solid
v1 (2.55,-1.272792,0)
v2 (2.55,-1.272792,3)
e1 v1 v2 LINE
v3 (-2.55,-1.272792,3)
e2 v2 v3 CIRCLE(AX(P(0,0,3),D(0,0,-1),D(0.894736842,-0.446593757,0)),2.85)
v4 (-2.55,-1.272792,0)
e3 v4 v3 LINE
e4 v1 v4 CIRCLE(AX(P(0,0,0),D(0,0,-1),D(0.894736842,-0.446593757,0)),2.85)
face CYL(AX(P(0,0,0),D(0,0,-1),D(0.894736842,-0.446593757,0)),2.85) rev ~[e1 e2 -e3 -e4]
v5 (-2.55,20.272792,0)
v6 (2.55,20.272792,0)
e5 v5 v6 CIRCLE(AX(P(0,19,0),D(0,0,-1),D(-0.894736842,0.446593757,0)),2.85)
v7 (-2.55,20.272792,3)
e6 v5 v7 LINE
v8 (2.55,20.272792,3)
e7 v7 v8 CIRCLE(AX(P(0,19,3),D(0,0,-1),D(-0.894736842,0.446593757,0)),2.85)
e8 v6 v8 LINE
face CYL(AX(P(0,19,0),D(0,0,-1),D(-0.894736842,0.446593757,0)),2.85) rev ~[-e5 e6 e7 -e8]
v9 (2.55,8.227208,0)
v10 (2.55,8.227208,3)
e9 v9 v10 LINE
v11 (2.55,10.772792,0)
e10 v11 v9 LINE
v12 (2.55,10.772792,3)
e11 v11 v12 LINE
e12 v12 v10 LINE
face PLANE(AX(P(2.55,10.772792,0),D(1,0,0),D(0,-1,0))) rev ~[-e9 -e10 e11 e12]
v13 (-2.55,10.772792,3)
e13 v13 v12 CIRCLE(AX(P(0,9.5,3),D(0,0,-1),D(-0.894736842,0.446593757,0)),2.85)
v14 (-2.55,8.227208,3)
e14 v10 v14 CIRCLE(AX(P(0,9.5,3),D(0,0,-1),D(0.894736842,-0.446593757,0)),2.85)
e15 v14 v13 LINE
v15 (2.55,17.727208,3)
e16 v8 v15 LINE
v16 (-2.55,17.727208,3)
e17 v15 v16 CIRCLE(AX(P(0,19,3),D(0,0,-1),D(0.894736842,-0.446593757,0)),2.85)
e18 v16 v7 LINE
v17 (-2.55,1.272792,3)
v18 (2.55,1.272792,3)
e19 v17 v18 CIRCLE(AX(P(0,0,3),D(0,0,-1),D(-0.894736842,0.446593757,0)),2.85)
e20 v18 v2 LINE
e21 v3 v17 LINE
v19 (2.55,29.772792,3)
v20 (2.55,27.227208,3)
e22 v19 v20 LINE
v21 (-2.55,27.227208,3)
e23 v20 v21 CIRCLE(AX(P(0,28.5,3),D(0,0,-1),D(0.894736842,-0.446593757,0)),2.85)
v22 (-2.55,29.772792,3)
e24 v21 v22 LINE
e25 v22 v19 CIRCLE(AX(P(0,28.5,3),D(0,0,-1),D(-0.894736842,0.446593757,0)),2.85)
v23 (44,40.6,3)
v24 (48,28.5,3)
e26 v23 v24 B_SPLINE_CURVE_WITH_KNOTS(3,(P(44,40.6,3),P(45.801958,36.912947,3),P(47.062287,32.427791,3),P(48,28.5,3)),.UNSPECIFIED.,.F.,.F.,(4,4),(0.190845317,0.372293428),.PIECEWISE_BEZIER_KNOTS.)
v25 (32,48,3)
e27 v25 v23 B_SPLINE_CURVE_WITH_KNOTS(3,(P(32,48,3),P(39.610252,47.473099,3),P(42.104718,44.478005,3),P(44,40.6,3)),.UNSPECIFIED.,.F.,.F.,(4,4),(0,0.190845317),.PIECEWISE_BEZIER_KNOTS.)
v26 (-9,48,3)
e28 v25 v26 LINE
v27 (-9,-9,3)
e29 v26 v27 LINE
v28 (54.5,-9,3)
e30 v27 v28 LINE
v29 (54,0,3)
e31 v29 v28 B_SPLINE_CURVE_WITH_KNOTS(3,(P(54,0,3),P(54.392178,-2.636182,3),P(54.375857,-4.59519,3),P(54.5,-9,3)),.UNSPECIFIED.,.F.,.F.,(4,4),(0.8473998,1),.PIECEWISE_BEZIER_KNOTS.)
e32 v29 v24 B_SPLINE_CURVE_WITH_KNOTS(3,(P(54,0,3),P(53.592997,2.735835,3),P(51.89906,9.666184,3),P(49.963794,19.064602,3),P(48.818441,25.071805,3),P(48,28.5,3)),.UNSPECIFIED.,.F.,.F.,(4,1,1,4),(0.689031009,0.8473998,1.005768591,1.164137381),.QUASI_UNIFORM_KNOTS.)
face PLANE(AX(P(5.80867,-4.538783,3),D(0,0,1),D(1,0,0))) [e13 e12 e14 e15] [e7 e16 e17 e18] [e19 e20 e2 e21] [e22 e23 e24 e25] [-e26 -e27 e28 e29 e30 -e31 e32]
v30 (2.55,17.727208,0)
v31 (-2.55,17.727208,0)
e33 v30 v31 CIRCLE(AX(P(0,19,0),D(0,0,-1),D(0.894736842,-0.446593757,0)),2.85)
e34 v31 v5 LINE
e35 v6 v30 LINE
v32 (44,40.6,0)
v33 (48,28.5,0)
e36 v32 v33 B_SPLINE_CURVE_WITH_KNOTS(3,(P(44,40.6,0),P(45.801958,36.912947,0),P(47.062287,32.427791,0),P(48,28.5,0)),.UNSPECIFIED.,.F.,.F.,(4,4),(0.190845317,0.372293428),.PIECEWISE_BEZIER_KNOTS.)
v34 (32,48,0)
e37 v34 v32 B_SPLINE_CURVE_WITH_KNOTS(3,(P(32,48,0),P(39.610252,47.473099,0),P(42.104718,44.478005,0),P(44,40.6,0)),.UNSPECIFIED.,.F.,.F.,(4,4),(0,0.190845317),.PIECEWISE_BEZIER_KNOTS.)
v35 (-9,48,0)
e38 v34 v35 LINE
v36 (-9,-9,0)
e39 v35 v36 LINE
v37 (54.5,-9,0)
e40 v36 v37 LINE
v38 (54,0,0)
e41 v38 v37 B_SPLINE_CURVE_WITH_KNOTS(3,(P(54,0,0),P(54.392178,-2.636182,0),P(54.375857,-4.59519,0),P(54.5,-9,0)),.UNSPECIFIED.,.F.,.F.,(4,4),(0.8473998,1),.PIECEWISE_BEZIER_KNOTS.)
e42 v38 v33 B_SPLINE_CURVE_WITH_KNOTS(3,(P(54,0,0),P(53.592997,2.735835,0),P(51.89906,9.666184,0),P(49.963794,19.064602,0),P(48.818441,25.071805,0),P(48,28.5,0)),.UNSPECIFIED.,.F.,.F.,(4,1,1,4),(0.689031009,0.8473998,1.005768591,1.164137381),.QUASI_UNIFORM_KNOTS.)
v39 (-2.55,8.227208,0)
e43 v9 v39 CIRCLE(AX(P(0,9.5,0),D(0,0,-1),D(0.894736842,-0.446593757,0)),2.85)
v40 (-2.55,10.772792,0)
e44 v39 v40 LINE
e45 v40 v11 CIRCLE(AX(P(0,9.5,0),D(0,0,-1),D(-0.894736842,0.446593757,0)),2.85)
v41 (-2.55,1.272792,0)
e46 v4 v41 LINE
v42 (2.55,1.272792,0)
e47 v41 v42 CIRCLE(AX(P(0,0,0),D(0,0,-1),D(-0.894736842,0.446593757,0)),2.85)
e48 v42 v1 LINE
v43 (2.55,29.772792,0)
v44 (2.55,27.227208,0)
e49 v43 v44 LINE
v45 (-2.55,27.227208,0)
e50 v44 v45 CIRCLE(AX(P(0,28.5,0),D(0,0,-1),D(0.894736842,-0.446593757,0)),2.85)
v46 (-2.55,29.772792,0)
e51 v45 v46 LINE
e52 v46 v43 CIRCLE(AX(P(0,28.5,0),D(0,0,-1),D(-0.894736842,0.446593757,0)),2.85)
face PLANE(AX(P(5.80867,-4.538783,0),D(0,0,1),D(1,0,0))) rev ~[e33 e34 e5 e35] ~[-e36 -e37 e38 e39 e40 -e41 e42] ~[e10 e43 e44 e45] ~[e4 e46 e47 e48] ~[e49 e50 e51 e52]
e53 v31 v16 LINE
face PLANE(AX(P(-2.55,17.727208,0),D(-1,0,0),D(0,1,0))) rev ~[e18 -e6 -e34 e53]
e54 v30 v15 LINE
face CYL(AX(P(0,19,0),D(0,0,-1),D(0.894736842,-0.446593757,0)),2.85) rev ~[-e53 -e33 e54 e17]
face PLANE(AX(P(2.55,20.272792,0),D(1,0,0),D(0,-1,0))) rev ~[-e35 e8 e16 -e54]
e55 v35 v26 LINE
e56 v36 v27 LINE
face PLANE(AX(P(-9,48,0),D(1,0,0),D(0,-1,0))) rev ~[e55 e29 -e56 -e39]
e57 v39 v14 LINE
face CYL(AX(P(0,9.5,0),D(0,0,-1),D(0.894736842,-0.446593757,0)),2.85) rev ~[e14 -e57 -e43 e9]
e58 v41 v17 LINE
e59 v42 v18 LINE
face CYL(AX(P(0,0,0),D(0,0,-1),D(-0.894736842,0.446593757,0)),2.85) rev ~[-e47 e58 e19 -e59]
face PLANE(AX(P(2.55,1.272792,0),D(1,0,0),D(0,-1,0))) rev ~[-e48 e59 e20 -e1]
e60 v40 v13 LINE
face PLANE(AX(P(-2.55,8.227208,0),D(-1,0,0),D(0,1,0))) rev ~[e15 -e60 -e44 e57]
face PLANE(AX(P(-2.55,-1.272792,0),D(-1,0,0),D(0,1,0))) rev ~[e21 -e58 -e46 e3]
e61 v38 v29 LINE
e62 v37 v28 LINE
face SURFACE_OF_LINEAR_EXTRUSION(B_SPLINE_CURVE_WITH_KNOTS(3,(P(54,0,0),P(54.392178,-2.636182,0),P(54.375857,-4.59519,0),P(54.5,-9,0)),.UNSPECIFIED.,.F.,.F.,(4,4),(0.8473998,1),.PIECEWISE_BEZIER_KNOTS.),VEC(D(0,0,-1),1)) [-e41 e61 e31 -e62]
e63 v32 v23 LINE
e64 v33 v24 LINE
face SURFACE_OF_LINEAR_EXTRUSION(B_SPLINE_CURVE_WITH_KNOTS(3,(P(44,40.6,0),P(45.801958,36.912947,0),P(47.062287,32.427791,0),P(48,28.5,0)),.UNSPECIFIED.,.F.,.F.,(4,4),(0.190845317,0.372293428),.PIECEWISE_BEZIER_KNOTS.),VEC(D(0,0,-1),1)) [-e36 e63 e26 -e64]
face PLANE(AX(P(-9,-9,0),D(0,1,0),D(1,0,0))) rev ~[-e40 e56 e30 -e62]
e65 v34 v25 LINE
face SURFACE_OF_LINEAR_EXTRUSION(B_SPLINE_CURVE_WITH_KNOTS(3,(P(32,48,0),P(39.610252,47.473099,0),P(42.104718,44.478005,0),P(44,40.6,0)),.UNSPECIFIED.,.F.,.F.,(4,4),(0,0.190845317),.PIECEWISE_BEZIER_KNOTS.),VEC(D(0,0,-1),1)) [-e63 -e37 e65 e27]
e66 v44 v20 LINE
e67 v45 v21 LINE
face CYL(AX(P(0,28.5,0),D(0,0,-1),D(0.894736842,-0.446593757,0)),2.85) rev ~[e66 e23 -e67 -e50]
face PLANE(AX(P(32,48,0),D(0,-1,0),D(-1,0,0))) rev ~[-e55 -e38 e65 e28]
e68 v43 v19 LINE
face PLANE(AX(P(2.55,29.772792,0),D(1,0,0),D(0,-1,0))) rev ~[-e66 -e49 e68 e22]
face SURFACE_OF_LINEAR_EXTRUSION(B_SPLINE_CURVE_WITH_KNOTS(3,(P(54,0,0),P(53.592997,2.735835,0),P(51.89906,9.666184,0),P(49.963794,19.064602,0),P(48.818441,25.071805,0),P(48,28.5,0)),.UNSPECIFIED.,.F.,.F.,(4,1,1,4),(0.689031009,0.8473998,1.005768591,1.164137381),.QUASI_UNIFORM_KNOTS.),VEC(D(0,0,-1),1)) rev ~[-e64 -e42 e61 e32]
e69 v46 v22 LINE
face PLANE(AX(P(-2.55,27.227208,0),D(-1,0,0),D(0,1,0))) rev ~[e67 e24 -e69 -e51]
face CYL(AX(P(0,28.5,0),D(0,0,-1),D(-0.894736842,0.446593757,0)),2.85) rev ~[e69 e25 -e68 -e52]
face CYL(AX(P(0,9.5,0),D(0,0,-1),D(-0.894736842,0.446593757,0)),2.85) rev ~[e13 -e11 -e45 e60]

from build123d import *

# Parameters (mm, degrees)
F0_W     = 6.45
F0_H     = 7.4
F1_DEPTH = 3


with BuildPart() as f1:
    # F0 (on Top) → F1 (new body)
    with BuildSketch(Plane.XY):
        with BuildLine():
            Line((9, 0), (2.85, 0))
            ThreePointArc((2.85, 0), (2.7739863013, -0.6538348415), (2.55, -1.2727922061))
            Line((2.55, -1.2727922061), (2.55, -9))
            Line((2.55, -9), (9, -9))
            Line((9, -9), (9, 0))
        make_face()
        with BuildLine():
            Line((2.55, -9), (2.55, -1.2727922061))
            ThreePointArc((2.55, -1.2727922061), (0, -2.85), (-2.55, -1.2727922061))
            Line((-2.55, -1.2727922061), (-2.55, -9))
            Line((-2.55, -9), (0, -9))
            Line((0, -9), (2.55, -9))
        make_face()
        with BuildLine():
            ThreePointArc((-2.55, -1.2727922061), (-2.85, 0), (-2.55, 1.2727922061))
            Line((-2.55, 1.2727922061), (-2.55, 8.2272077939))
            ThreePointArc((-2.55, 8.2272077939), (-2.85, 9.5), (-2.55, 10.7727922061))
            Line((-2.55, 10.7727922061), (-2.55, 17.7272077939))
            ThreePointArc((-2.55, 17.7272077939), (-2.85, 19), (-2.55, 20.2727922061))
            Line((-2.55, 20.2727922061), (-2.55, 27.2272077939))
            ThreePointArc((-2.55, 27.2272077939), (-2.85, 28.5), (-2.55, 29.7727922061))
            Line((-2.55, 29.7727922061), (-2.55, 48))
            Line((-2.55, 48), (-9, 48))
            Line((-9, 48), (-9, -9))
            Line((-9, -9), (-2.55, -9))
            Line((-2.55, -9), (-2.55, -1.2727922061))
        make_face()
        with BuildLine():
            ThreePointArc((-2.55, 1.2727922061), (0, 2.85), (2.55, 1.2727922061))
            Line((2.55, 1.2727922061), (2.55, 8.2272077939))
            ThreePointArc((2.55, 8.2272077939), (0, 6.65), (-2.55, 8.2272077939))
            Line((-2.55, 8.2272077939), (-2.55, 1.2727922061))
        make_face()
        with BuildLine():
            ThreePointArc((-2.55, 20.2727922061), (0, 21.85), (2.55, 20.2727922061))
            Line((2.55, 20.2727922061), (2.55, 27.2272077939))
            ThreePointArc((2.55, 27.2272077939), (0, 25.65), (-2.55, 27.2272077939))
            Line((-2.55, 27.2272077939), (-2.55, 20.2727922061))
        make_face()
        with BuildLine():
            Line((-2.55, 17.7272077939), (-2.55, 10.7727922061))
            ThreePointArc((-2.55, 10.7727922061), (0, 12.35), (2.55, 10.7727922061))
            Line((2.55, 10.7727922061), (2.55, 17.7272077939))
            ThreePointArc((2.55, 17.7272077939), (0, 16.15), (-2.55, 17.7272077939))
        make_face()
        with BuildLine():
            Line((0, 48), (-2.55, 48))
            Line((-2.55, 48), (-2.55, 29.7727922061))
            ThreePointArc((-2.55, 29.7727922061), (0, 31.35), (2.55, 29.7727922061))
            Line((2.55, 29.7727922061), (2.55, 40.6))
            Line((2.55, 40.6), (2.55, 48))
            Line((2.55, 48), (0, 48))
        make_face()
        with BuildLine():
            Line((2.55, 9.5), (2.55, 8.2272077939))
            ThreePointArc((2.55, 8.2272077939), (2.7739863013, 8.8461651585), (2.85, 9.5))
            Line((2.85, 9.5), (2.55, 9.5))
        make_face()
        with BuildLine():
            Line((2.55, 28.5), (2.85, 28.5))
            ThreePointArc((2.85, 28.5), (2.7739863013, 29.1538348415), (2.55, 29.7727922061))
            Line((2.55, 29.7727922061), (2.55, 28.5))
        make_face()
        with BuildLine():
            Line((2.55, 10.7727922061), (2.55, 9.5))
            Line((2.55, 9.5), (2.85, 9.5))
            ThreePointArc((2.85, 9.5), (2.7739863013, 10.1538348415), (2.55, 10.7727922061))
        make_face()
        with BuildLine():
            ThreePointArc((-2.55, 10.7727922061), (-2.85, 9.5), (-2.55, 8.2272077939))
            Line((-2.55, 8.2272077939), (-2.55, 10.7727922061))
        make_face()
        with BuildLine():
            ThreePointArc((-2.55, 29.7727922061), (-2.85, 28.5), (-2.55, 27.2272077939))
            Line((-2.55, 27.2272077939), (-2.55, 29.7727922061))
        make_face()
        with BuildLine():
            ThreePointArc((-2.55, 20.2727922061), (-2.85, 19), (-2.55, 17.7272077939))
            Line((-2.55, 17.7272077939), (-2.55, 20.2727922061))
        make_face()
        with BuildLine():
            ThreePointArc((2.55, 27.2272077939), (2.7739863013, 27.8461651585), (2.85, 28.5))
            Line((2.85, 28.5), (2.55, 28.5))
            Line((2.55, 28.5), (2.55, 27.2272077939))
        make_face()
        with BuildLine():
            ThreePointArc((2.55, 17.7272077939), (2.7739863013, 18.3461651585), (2.85, 19))
            Line((2.85, 19), (2.55, 19))
            Line((2.55, 19), (2.55, 17.7272077939))
        make_face()
        with BuildLine():
            Line((-2.55, 0), (-2.55, 1.2727922061))
            ThreePointArc((-2.55, 1.2727922061), (-2.85, 0), (-2.55, -1.2727922061))
            Line((-2.55, -1.2727922061), (-2.55, 0))
        make_face()
        with BuildLine():
            Line((2.55, 19), (2.85, 19))
            ThreePointArc((2.85, 19), (2.7739863013, 19.6538348415), (2.55, 20.2727922061))
            Line((2.55, 20.2727922061), (2.55, 19))
        make_face()
        with BuildLine():
            Line((2.55, 0), (2.85, 0))
            ThreePointArc((2.85, 0), (2.7739863013, 0.6538348415), (2.55, 1.2727922061))
            Line((2.55, 1.2727922061), (2.55, 0))
        make_face()
        with BuildLine():
            ThreePointArc((2.55, -1.2727922061), (2.7739863013, -0.6538348415), (2.85, 0))
            Line((2.85, 0), (2.55, 0))
            Line((2.55, 0), (2.55, -1.2727922061))
        make_face()
        with BuildLine():
            Line((2.85, 9.5), (9, 9.5))
            Line((9, 9.5), (9, 19))
            Line((9, 19), (2.85, 19))
            ThreePointArc((2.85, 19), (2.7739863013, 18.3461651585), (2.55, 17.7272077939))
            Line((2.55, 17.7272077939), (2.55, 10.7727922061))
            ThreePointArc((2.55, 10.7727922061), (2.7739863013, 10.1538348415), (2.85, 9.5))
        make_face()
        with BuildLine():
            ThreePointArc((2.55, 1.2727922061), (2.7739863013, 0.6538348415), (2.85, 0))
            Line((2.85, 0), (9, 0))
            Line((9, 0), (9, 9.5))
            Line((9, 9.5), (2.85, 9.5))
            ThreePointArc((2.85, 9.5), (2.7739863013, 8.8461651585), (2.55, 8.2272077939))
            Line((2.55, 8.2272077939), (2.55, 1.2727922061))
        make_face()
        with BuildLine():
            Line((2.85, 28.5), (9, 28.5))
            Line((9, 28.5), (9, 40.6))
            Line((9, 40.6), (2.55, 40.6))
            Line((2.55, 40.6), (2.55, 29.7727922061))
            ThreePointArc((2.55, 29.7727922061), (2.7739863013, 29.1538348415), (2.85, 28.5))
        make_face()
        with BuildLine():
            Line((2.85, 19), (9, 19))
            Line((9, 19), (9, 28.5))
            Line((9, 28.5), (2.85, 28.5))
            ThreePointArc((2.85, 28.5), (2.7739863013, 27.8461651585), (2.55, 27.2272077939))
            Line((2.55, 27.2272077939), (2.55, 20.2727922061))
            ThreePointArc((2.55, 20.2727922061), (2.7739863013, 19.6538348415), (2.85, 19))
        make_face()
        with Locations((5.775, 44.3)):
            Rectangle(F0_W, F0_H)
        with BuildLine():
            Line((9, 19), (9, 9.5))
            Line((9, 9.5), (52, 9.5))
            add(Edge.make_bspline(
                [(50, 19), (50.6088826287, 15.931796376), (51.253971333, 12.798990307), (52, 9.5)],
                knots=[0.5306622188, 0.5306622188, 0.5306622188, 0.5306622188, 0.6890310094, 0.6890310094, 0.6890310094, 0.6890310094], degree=3))
            Line((50, 19), (9, 19))
        make_face()
        with BuildLine():
            Line((9, 28.5), (9, 19))
            Line((9, 19), (50, 19))
            add(Edge.make_bspline(
                [(48, 28.5), (48.8184408183, 25.0718048029), (49.3911173713, 22.068203624), (50, 19)],
                knots=[0.3722934282, 0.3722934282, 0.3722934282, 0.3722934282, 0.5306622188, 0.5306622188, 0.5306622188, 0.5306622188], degree=3))
            Line((48, 28.5), (9, 28.5))
        make_face()
        with BuildLine():
            Line((9, 40.6), (9, 28.5))
            Line((9, 28.5), (48, 28.5))
            add(Edge.make_bspline(
                [(44, 40.6), (45.8019582409, 36.91294727), (47.0622865771, 32.427791211), (48, 28.5)],
                knots=[0.1908453169, 0.1908453169, 0.1908453169, 0.1908453169, 0.3722934282, 0.3722934282, 0.3722934282, 0.3722934282], degree=3))
            Line((44, 40.6), (9, 40.6))
        make_face()
        with BuildLine():
            Line((9, 48), (9, 40.6))
            Line((9, 40.6), (44, 40.6))
            add(Edge.make_bspline(
                [(32, 48), (39.6102517843, 47.4730990827), (42.1047182631, 44.4780053519), (44, 40.6)],
                knots=[0, 0, 0, 0, 0.1908453169, 0.1908453169, 0.1908453169, 0.1908453169], degree=3))
            Line((32, 48), (9, 48))
        make_face()
        with BuildLine():
            Line((9, 9.5), (9, 0))
            Line((9, 0), (54, 0))
            add(Edge.make_bspline(
                [(52, 9.5), (52.746028667, 6.201009693), (53.5929972966, 2.735835148), (54, 0)],
                knots=[0.6890310094, 0.6890310094, 0.6890310094, 0.6890310094, 0.8473998, 0.8473998, 0.8473998, 0.8473998], degree=3))
            Line((52, 9.5), (9, 9.5))
        make_face()
        with BuildLine():
            Line((54, 0), (9, 0))
            Line((9, 0), (9, -9))
            Line((9, -9), (54.5, -9))
            add(Edge.make_bspline(
                [(54, 0), (54.392177611, -2.6361822254), (54.3758571148, -4.595189821), (54.5, -9)],
                knots=[0.8473998, 0.8473998, 0.8473998, 0.8473998, 1, 1, 1, 1], degree=3))
        make_face()
    extrude(amount=F1_DEPTH)


solid = f1.part
